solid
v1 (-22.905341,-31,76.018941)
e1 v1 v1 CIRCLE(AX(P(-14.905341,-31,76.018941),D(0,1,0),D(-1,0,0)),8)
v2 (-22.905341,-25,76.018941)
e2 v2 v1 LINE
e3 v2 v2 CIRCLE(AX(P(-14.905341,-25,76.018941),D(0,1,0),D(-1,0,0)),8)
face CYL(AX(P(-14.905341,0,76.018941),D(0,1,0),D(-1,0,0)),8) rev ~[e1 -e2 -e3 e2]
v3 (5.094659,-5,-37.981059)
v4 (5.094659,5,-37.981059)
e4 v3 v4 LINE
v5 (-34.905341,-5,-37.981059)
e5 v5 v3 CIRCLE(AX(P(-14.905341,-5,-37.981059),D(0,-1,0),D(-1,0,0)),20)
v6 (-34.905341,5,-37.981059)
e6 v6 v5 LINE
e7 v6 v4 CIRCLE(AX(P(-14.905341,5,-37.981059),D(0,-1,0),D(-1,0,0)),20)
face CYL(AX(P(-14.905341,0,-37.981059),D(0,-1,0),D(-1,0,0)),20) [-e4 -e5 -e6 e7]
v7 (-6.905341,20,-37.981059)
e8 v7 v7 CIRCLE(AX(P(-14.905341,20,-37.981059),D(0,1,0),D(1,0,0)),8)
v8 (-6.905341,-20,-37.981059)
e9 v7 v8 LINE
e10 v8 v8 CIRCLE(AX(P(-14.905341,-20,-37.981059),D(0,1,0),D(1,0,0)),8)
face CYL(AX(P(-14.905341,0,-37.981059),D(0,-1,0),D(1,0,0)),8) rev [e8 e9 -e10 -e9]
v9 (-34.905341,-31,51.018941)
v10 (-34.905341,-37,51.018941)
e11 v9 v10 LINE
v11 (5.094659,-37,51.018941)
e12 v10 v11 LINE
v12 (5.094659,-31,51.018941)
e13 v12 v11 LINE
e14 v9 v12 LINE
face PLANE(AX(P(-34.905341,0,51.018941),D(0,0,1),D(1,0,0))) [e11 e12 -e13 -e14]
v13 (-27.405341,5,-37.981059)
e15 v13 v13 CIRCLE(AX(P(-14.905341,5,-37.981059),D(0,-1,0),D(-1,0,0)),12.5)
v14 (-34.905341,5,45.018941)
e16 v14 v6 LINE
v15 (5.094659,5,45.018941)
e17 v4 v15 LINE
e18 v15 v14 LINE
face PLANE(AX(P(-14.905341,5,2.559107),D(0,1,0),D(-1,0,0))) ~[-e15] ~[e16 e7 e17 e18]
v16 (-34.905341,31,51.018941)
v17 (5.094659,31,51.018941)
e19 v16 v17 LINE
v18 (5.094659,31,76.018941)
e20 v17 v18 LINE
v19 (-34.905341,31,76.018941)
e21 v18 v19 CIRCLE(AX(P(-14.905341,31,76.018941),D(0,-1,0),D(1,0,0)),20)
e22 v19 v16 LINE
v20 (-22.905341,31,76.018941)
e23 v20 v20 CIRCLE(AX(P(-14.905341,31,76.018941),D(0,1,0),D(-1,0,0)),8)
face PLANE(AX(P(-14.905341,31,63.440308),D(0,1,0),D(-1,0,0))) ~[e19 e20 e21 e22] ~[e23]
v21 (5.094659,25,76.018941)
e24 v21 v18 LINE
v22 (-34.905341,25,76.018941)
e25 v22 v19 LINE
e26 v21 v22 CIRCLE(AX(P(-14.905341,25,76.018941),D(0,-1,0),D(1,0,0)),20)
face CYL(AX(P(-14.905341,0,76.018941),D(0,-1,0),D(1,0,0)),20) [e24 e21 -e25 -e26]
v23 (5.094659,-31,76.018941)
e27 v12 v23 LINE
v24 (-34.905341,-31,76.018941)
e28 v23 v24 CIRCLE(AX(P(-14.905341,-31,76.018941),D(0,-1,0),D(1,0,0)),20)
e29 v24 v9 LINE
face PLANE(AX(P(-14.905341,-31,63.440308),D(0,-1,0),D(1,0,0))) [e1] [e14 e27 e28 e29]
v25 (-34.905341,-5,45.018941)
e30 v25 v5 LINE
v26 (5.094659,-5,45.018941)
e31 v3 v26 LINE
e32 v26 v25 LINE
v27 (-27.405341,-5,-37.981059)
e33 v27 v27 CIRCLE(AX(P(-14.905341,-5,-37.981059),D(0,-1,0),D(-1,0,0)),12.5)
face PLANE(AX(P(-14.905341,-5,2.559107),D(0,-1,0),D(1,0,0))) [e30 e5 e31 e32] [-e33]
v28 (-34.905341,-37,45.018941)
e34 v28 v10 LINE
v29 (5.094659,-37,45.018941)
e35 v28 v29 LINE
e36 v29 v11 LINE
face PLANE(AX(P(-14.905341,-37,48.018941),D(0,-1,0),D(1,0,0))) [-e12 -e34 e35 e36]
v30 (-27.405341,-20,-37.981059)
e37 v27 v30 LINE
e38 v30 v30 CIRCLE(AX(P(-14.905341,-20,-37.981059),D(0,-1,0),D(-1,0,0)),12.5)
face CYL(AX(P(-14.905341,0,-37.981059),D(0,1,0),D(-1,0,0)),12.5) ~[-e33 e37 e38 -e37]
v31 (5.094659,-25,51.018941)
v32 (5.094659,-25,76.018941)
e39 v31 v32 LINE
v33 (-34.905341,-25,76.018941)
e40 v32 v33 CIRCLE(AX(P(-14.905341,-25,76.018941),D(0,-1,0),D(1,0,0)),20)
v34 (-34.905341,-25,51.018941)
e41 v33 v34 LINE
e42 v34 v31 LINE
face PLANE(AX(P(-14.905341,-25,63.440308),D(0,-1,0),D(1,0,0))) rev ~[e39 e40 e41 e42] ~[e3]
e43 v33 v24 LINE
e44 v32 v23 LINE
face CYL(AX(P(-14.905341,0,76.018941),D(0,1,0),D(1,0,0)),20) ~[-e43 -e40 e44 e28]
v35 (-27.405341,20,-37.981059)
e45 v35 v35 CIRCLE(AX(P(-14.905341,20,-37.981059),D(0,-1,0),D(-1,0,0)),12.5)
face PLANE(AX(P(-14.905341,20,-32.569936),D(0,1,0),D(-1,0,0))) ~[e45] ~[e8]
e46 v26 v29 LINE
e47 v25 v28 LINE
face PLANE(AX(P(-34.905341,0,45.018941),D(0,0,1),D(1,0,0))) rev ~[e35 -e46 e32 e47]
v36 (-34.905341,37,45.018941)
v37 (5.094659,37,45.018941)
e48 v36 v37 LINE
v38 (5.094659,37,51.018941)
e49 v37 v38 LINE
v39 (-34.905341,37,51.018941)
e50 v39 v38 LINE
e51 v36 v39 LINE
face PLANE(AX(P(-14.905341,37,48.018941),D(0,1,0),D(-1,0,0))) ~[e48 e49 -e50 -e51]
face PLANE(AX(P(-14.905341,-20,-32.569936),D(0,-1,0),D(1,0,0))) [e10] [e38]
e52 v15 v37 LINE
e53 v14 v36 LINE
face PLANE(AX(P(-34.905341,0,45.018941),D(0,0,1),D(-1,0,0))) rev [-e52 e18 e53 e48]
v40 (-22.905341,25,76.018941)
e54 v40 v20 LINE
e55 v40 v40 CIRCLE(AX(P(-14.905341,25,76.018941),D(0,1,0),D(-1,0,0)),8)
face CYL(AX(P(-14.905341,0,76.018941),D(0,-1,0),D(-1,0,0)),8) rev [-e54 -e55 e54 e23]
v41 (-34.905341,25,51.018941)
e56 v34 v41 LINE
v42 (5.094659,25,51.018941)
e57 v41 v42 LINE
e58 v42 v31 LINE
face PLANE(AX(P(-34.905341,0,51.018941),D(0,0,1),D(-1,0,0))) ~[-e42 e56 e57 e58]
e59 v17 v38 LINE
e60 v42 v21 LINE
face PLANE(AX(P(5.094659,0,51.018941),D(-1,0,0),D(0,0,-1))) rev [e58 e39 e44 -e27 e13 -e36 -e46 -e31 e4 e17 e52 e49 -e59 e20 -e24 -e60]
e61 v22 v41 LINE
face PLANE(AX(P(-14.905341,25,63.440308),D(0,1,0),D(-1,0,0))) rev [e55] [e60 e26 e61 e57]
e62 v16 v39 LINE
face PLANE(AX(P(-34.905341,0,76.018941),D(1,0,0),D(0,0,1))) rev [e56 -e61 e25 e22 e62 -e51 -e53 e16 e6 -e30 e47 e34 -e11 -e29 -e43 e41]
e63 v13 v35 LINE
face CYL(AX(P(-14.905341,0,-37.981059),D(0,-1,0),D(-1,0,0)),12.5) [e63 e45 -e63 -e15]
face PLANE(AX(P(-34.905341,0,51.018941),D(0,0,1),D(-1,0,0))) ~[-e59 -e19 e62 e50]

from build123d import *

# Parameters (mm, degrees)
F0_W     = 40
F0_H     = 6
F1_DEPTH = 37
F2_DEPTH = 5
F3_DEPTH = 31
F4_DEPTH = 25
F5_DEPTH = 20


with BuildPart() as f1:
    # F0 (on Front) → F1 (new body)
    with BuildSketch(Plane.XZ):
        with Locations((-14.9053405225, 48.0189405978)):
            Rectangle(F0_W, F0_H)
    extrude(amount=F1_DEPTH)

    # F0 (on Front) → F2 (join)
    with BuildSketch(Plane.XZ):
        with BuildLine():
            Line((5.0946594775, -37.9810594022), (5.0946594775, 45.0189405978))
            Line((5.0946594775, 45.0189405978), (-34.9053405225, 45.0189405978))
            Line((-34.9053405225, 45.0189405978), (-34.9053405225, -37.9810594022))
            Line((-34.9053405225, -37.9810594022), (-27.4053405225, -37.9810594022))
            ThreePointArc((-27.4053405225, -37.9810594022), (-14.9053405225, -25.4810594022), (-2.4053405225, -37.9810594022))
            Line((-2.4053405225, -37.9810594022), (5.0946594775, -37.9810594022))
        make_face()
        with BuildLine():
            ThreePointArc((-34.9053405225, -37.9810594022), (-14.9053405225, -57.9810594022), (5.0946594775, -37.9810594022))
            Line((5.0946594775, -37.9810594022), (-2.4053405225, -37.9810594022))
            ThreePointArc((-2.4053405225, -37.9810594022), (-14.9053405225, -50.4810594022), (-27.4053405225, -37.9810594022))
            Line((-27.4053405225, -37.9810594022), (-34.9053405225, -37.9810594022))
        make_face()
    extrude(amount=F2_DEPTH)

    # F0 (on Front) → F3 (join)
    with BuildSketch(Plane.XZ):
        with BuildLine():
            Line((5.0946594775, 76.0189405978), (-6.9053405225, 76.0189405978))
            ThreePointArc((-6.9053405225, 76.0189405978), (-14.9053405225, 68.0189405978), (-22.9053405225, 76.0189405978))
            Line((-22.9053405225, 76.0189405978), (-34.9053405225, 76.0189405978))
            Line((-34.9053405225, 76.0189405978), (-34.9053405225, 51.0189405978))
            Line((-34.9053405225, 51.0189405978), (5.0946594775, 51.0189405978))
            Line((5.0946594775, 51.0189405978), (5.0946594775, 76.0189405978))
        make_face()
        with BuildLine():
            ThreePointArc((-22.9053405225, 76.0189405978), (-14.9053405225, 84.0189405978), (-6.9053405225, 76.0189405978))
            Line((-6.9053405225, 76.0189405978), (5.0946594775, 76.0189405978))
            ThreePointArc((5.0946594775, 76.0189405978), (-14.9053405225, 96.0189405978), (-34.9053405225, 76.0189405978))
            Line((-34.9053405225, 76.0189405978), (-22.9053405225, 76.0189405978))
        make_face()
    extrude(amount=F3_DEPTH)

    # F0 (on Front) → F4 (cut)
    with BuildSketch(Plane.XZ):
        with BuildLine():
            Line((5.0946594775, 76.0189405978), (-6.9053405225, 76.0189405978))
            ThreePointArc((-6.9053405225, 76.0189405978), (-14.9053405225, 68.0189405978), (-22.9053405225, 76.0189405978))
            Line((-22.9053405225, 76.0189405978), (-34.9053405225, 76.0189405978))
            Line((-34.9053405225, 76.0189405978), (-34.9053405225, 51.0189405978))
            Line((-34.9053405225, 51.0189405978), (5.0946594775, 51.0189405978))
            Line((5.0946594775, 51.0189405978), (5.0946594775, 76.0189405978))
        make_face()
        with BuildLine():
            ThreePointArc((-22.9053405225, 76.0189405978), (-14.9053405225, 84.0189405978), (-6.9053405225, 76.0189405978))
            Line((-6.9053405225, 76.0189405978), (5.0946594775, 76.0189405978))
            ThreePointArc((5.0946594775, 76.0189405978), (-14.9053405225, 96.0189405978), (-34.9053405225, 76.0189405978))
            Line((-34.9053405225, 76.0189405978), (-22.9053405225, 76.0189405978))
        make_face()
    extrude(amount=F4_DEPTH, mode=Mode.SUBTRACT)

    # F0 (on Front) → F5 (join)
    with BuildSketch(Plane.XZ):
        with BuildLine():
            Line((-6.9053405225, -37.9810594022), (-2.4053405225, -37.9810594022))
            ThreePointArc((-2.4053405225, -37.9810594022), (-14.9053405225, -25.4810594022), (-27.4053405225, -37.9810594022))
            Line((-27.4053405225, -37.9810594022), (-22.9053405225, -37.9810594022))
            ThreePointArc((-22.9053405225, -37.9810594022), (-14.9053405225, -29.9810594022), (-6.9053405225, -37.9810594022))
        make_face()
        with BuildLine():
            ThreePointArc((-27.4053405225, -37.9810594022), (-14.9053405225, -50.4810594022), (-2.4053405225, -37.9810594022))
            Line((-2.4053405225, -37.9810594022), (-6.9053405225, -37.9810594022))
            ThreePointArc((-6.9053405225, -37.9810594022), (-14.9053405225, -45.9810594022), (-22.9053405225, -37.9810594022))
            Line((-22.9053405225, -37.9810594022), (-27.4053405225, -37.9810594022))
        make_face()
    extrude(amount=F5_DEPTH)

    # F6: F1 across plane


with BuildPart() as f1_1:
    add(f1.part)
    add(f1.part.mirror(Plane.XZ))


solid = f1_1.part
